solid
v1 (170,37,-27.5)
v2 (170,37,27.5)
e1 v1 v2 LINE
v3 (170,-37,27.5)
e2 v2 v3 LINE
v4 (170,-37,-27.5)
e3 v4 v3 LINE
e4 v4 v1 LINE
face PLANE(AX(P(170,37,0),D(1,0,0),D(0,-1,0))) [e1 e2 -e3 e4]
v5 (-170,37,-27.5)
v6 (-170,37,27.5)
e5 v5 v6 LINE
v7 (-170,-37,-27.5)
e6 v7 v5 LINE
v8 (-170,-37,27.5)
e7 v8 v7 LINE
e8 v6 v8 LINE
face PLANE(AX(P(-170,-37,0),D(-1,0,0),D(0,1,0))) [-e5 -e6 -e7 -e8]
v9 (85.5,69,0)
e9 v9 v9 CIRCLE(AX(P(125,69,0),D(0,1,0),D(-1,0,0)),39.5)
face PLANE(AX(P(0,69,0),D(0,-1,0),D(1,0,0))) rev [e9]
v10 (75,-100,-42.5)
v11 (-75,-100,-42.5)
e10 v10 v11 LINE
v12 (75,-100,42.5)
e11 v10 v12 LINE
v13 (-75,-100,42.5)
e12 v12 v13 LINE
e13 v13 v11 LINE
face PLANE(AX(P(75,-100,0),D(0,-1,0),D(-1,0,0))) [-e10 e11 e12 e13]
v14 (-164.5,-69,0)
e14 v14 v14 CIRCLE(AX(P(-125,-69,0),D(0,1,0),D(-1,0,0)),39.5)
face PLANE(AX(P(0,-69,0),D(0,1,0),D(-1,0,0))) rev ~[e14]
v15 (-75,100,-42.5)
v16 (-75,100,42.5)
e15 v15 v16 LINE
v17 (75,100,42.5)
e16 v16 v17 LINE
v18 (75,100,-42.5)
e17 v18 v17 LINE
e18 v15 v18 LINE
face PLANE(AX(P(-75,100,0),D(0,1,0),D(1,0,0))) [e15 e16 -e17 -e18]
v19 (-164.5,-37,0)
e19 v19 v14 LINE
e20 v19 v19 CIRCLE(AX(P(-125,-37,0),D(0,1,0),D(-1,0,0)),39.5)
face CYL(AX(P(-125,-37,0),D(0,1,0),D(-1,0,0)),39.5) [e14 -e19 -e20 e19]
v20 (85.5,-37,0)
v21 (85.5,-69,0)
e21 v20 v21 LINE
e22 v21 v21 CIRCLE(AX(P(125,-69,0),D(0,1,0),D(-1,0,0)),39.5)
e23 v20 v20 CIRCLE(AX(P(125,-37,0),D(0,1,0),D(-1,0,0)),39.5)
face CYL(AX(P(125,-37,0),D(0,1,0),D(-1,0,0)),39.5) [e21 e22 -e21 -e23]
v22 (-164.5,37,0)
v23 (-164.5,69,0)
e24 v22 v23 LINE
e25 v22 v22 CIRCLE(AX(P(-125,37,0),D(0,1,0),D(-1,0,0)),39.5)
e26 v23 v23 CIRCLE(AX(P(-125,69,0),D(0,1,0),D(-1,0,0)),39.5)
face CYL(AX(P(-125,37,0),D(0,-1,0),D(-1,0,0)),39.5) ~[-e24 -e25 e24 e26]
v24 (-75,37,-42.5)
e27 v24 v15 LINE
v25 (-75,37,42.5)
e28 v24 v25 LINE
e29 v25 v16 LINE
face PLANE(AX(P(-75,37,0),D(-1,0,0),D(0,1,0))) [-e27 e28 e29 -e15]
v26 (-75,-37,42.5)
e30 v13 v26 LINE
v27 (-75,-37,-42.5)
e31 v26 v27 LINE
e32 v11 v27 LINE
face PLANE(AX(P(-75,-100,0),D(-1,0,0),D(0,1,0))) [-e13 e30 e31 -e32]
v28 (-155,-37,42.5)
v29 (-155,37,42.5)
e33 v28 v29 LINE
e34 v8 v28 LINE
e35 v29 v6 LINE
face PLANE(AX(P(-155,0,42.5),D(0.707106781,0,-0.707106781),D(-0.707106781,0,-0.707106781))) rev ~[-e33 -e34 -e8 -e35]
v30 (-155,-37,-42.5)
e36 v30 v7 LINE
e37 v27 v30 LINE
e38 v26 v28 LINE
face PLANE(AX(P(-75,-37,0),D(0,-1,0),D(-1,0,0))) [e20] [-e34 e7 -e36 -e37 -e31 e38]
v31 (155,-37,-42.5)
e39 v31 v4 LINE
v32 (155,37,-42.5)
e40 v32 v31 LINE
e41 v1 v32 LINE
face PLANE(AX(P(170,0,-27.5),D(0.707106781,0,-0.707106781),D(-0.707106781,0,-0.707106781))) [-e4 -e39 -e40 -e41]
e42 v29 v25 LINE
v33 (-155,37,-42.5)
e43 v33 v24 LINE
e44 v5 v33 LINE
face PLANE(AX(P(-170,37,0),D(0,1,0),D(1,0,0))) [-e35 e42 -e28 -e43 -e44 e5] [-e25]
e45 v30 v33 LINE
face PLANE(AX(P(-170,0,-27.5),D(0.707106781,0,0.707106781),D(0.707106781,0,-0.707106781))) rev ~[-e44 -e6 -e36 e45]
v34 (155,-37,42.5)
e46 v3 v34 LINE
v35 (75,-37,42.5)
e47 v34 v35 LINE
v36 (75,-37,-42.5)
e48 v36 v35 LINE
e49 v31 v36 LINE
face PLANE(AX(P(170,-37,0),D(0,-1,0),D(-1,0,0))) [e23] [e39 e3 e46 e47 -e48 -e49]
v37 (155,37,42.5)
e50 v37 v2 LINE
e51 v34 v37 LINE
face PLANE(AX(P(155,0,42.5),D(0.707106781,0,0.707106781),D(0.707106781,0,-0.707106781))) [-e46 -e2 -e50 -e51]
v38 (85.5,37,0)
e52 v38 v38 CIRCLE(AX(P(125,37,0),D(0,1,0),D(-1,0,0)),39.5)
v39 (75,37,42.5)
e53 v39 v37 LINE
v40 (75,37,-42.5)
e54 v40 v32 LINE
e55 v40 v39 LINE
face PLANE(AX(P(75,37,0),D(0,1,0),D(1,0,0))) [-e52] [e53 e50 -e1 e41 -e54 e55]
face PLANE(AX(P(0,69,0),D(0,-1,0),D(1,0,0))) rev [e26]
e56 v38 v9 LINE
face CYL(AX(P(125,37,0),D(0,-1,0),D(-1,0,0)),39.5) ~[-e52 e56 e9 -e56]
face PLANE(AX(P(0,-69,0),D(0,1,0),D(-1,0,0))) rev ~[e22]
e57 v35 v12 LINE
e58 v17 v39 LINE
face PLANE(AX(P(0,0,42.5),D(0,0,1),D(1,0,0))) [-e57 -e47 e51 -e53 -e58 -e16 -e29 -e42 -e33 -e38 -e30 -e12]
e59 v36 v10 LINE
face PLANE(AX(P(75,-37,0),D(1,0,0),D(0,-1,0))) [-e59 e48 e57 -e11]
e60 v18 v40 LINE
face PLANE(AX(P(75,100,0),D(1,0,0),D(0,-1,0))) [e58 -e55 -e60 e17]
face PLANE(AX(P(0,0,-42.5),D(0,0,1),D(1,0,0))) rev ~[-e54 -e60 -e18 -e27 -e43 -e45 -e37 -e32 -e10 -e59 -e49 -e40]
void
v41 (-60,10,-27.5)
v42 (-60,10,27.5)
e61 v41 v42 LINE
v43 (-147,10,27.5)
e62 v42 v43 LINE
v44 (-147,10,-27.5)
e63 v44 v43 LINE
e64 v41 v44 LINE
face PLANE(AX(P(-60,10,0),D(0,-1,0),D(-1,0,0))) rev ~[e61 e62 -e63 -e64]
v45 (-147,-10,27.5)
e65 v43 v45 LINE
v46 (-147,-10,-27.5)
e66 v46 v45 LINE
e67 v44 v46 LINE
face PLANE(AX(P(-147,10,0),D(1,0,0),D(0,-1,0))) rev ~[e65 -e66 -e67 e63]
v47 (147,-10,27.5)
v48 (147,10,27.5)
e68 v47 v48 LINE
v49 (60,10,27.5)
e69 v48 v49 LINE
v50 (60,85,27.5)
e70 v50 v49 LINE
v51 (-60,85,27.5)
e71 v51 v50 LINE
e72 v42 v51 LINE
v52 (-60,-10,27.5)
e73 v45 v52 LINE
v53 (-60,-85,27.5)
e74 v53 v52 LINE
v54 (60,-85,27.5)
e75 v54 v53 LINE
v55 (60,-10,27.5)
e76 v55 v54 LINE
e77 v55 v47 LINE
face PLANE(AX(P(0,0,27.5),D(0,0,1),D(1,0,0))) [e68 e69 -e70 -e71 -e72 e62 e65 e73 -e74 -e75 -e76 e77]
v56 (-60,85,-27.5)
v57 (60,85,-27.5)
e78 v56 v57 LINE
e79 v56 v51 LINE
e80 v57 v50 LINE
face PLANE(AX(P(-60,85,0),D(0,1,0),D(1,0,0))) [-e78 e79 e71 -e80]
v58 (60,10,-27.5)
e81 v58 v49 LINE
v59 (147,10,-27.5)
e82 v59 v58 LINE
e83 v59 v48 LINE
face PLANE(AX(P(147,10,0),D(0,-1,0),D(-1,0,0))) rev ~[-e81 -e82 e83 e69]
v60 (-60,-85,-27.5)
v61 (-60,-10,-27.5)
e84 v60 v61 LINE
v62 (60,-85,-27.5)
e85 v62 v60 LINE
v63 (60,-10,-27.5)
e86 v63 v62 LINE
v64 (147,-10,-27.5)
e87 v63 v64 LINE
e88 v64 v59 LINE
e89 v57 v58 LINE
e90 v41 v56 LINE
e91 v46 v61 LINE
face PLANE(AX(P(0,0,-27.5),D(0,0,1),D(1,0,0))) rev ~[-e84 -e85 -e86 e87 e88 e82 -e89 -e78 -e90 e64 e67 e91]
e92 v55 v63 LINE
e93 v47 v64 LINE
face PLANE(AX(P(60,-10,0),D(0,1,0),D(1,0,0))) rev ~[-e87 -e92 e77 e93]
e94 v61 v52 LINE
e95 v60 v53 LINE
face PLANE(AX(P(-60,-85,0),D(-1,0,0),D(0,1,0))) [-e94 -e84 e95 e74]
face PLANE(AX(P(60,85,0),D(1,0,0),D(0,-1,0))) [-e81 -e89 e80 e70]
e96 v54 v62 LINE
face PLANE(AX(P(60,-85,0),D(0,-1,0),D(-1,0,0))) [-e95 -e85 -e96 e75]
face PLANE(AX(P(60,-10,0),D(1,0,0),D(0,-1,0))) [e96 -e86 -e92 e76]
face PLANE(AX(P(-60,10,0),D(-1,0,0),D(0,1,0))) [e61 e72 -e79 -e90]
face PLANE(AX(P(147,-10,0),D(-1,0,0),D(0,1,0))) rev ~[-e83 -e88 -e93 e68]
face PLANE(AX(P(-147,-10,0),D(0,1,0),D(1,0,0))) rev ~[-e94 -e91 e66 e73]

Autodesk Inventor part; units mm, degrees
ref_plane "YZ Plane" through (0, 0, 0) normal (1, 0, 0) x (0, 1, 0)
ref_plane "XZ Plane" through (0, 0, 0) normal (0, 1, 0) x (-1, 0, 0)
ref_plane "XY Plane" through (0, 0, 0) normal (0, 0, 1) x (1, 0, 0)
sketch "Sketch4" plane through (0, 0, 0) normal (0, 0, 1) x (1, 0, 0)
  line L0 (75, -100) -> (-75, -100)
  line L1 (-75, -100) -> (-75, 100)
  line L2 (-75, 100) -> (75, 100)
  line L3 (75, 100) -> (75, -100)
  line L4 (75, -100) -> (-75, 100) construction
  line L5 (-75, -100) -> (75, 100) construction
  line L6 (170, -37) -> (-170, -37)
  line L7 (-170, -37) -> (-170, 37)
  line L8 (-170, 37) -> (170, 37)
  line L9 (170, 37) -> (170, -37)
  line L10 (170, -37) -> (-170, 37) construction
  line L11 (-170, -37) -> (170, 37) construction
  point P0 (0, 0)
  point P1 (0, 0)
  point P2 (0, 0)
  point P3 (75, 37)
  point P4 (-75, 37)
  point P5 (-75, -37)
  point P6 (75, -37)
  dimension "d17" = 74
  dimension "d18" = 340
  dimension "d19" = 150
  dimension "d20" = 200
extrude "Extrusion4" add sketch "Sketch4" along normal mid plane 85
sketch "Sketch5" plane through (0, 0, 0) normal (0, 1, 0) x (-1, 0, 0)
  circle A0 centre (-125, 0) radius 39.5
  circle A1 centre (125, 0) radius 39.5
  line L0 (75, 42.5) -> (-75, 42.5) construction
  line L1 (0, 42.5) -> (0, -42.5) construction
  line L2 (-75, -42.5) -> (75, -42.5) construction
  line L3 (-170, -42.5) -> (-170, 42.5) construction
  line L4 (-170, 0) -> (170, 0) construction
  line L5 (170, -42.5) -> (170, 42.5) construction
  circle A2 centre (-125, 0) radius 31.5
  circle A3 centre (125, 0) radius 31.5
  line L6 (-155, 42.5) -> (-170, 27.5)
  line L7 (-170, -27.5) -> (-155, -42.5)
  line L8 (-170, -42.5) -> (-75, -42.5) projected
  line L9 (170, 42.5) -> (75, 42.5) projected
  line L10 (155, 42.5) -> (170, 27.5)
  line L11 (170, -27.5) -> (155, -42.5)
  line L12 (-75, 42.5) -> (-170, 42.5) projected
  line L13 (75, -42.5) -> (170, -42.5) projected
  line L14 (-170, 42.5) -> (-170, -42.5)
  line L15 (170, 42.5) -> (170, -42.5)
  circle A4 centre (125, 0) radius 25
  circle A5 centre (-125, 0) radius 25
  point P0 (0, 0)
  point P1 (-170, -27.5)
  dimension "d23" = 79
  dimension "d24" = 250
  dimension "d39" = 63
  dimension "d42" = 15
  dimension "d43" = 45
  dimension "d47" = 50
extrude "Extrusion5" add sketch "Sketch5" against normal blind 32 from surface at -37 contours A0 | A1 | A2 | A3 | A4 | A5
sketch "Sketch6" plane through (0, 0, 0) normal (0, 0, 1) x (1, 0, 0)
  line L0 (147, 10) -> (-147, 10)
  line L1 (-147, 10) -> (-147, -10)
  line L2 (-147, -10) -> (147, -10)
  line L3 (147, -10) -> (147, 10)
  line L4 (147, 10) -> (-147, -10) construction
  line L5 (-147, 10) -> (147, -10) construction
  line L6 (-60, 85) -> (60, 85)
  line L7 (60, 85) -> (60, -85)
  line L8 (60, -85) -> (-60, -85)
  line L9 (-60, -85) -> (-60, 85)
  line L10 (-60, 85) -> (60, -85) construction
  line L11 (60, 85) -> (-60, -85) construction
  line L12 (75, -100) -> (-75, -100) projected
  line L13 (-75, 37) -> (-75, 100) projected
  line L14 (-170, -37) -> (-170, 37) projected
  line L15 (-75, -37) -> (-170, -37) projected
  point P0 (0, 0)
  point P1 (-60, -10)
  point P2 (60, -10)
  point P3 (60, 10)
  point P4 (-60, 10)
  dimension "d27" = 15
  dimension "d28" = 15
  dimension "d29" = 23
  dimension "d30" = 27
  dimension "d46" = 20
extrude "Extrusion6" cut sketch "Sketch6" along normal mid plane 55
extrude "Extrusion8" cut sketch "Sketch5" against normal through all both and the other way through all contours L7 L8 L14 | L6 L14 L12 | L15 L10 L9 | L15 L13 L11
mirror "Mirror1" about plane through (0, 0, 0) normal (0, 1, 0) of "Extrusion5"
equation "\"d21\" = body_thickness"
equation "\"d27\" = wall_thickness"
equation "\"d28\" = wall_thickness"
equation "\"d31\" = body_thickness - 2 * wall_thickness"
equation "\"wall_thickness\" = 15"
equation "\"body_thickness\" = 85"
properties part number "body_inventor"
